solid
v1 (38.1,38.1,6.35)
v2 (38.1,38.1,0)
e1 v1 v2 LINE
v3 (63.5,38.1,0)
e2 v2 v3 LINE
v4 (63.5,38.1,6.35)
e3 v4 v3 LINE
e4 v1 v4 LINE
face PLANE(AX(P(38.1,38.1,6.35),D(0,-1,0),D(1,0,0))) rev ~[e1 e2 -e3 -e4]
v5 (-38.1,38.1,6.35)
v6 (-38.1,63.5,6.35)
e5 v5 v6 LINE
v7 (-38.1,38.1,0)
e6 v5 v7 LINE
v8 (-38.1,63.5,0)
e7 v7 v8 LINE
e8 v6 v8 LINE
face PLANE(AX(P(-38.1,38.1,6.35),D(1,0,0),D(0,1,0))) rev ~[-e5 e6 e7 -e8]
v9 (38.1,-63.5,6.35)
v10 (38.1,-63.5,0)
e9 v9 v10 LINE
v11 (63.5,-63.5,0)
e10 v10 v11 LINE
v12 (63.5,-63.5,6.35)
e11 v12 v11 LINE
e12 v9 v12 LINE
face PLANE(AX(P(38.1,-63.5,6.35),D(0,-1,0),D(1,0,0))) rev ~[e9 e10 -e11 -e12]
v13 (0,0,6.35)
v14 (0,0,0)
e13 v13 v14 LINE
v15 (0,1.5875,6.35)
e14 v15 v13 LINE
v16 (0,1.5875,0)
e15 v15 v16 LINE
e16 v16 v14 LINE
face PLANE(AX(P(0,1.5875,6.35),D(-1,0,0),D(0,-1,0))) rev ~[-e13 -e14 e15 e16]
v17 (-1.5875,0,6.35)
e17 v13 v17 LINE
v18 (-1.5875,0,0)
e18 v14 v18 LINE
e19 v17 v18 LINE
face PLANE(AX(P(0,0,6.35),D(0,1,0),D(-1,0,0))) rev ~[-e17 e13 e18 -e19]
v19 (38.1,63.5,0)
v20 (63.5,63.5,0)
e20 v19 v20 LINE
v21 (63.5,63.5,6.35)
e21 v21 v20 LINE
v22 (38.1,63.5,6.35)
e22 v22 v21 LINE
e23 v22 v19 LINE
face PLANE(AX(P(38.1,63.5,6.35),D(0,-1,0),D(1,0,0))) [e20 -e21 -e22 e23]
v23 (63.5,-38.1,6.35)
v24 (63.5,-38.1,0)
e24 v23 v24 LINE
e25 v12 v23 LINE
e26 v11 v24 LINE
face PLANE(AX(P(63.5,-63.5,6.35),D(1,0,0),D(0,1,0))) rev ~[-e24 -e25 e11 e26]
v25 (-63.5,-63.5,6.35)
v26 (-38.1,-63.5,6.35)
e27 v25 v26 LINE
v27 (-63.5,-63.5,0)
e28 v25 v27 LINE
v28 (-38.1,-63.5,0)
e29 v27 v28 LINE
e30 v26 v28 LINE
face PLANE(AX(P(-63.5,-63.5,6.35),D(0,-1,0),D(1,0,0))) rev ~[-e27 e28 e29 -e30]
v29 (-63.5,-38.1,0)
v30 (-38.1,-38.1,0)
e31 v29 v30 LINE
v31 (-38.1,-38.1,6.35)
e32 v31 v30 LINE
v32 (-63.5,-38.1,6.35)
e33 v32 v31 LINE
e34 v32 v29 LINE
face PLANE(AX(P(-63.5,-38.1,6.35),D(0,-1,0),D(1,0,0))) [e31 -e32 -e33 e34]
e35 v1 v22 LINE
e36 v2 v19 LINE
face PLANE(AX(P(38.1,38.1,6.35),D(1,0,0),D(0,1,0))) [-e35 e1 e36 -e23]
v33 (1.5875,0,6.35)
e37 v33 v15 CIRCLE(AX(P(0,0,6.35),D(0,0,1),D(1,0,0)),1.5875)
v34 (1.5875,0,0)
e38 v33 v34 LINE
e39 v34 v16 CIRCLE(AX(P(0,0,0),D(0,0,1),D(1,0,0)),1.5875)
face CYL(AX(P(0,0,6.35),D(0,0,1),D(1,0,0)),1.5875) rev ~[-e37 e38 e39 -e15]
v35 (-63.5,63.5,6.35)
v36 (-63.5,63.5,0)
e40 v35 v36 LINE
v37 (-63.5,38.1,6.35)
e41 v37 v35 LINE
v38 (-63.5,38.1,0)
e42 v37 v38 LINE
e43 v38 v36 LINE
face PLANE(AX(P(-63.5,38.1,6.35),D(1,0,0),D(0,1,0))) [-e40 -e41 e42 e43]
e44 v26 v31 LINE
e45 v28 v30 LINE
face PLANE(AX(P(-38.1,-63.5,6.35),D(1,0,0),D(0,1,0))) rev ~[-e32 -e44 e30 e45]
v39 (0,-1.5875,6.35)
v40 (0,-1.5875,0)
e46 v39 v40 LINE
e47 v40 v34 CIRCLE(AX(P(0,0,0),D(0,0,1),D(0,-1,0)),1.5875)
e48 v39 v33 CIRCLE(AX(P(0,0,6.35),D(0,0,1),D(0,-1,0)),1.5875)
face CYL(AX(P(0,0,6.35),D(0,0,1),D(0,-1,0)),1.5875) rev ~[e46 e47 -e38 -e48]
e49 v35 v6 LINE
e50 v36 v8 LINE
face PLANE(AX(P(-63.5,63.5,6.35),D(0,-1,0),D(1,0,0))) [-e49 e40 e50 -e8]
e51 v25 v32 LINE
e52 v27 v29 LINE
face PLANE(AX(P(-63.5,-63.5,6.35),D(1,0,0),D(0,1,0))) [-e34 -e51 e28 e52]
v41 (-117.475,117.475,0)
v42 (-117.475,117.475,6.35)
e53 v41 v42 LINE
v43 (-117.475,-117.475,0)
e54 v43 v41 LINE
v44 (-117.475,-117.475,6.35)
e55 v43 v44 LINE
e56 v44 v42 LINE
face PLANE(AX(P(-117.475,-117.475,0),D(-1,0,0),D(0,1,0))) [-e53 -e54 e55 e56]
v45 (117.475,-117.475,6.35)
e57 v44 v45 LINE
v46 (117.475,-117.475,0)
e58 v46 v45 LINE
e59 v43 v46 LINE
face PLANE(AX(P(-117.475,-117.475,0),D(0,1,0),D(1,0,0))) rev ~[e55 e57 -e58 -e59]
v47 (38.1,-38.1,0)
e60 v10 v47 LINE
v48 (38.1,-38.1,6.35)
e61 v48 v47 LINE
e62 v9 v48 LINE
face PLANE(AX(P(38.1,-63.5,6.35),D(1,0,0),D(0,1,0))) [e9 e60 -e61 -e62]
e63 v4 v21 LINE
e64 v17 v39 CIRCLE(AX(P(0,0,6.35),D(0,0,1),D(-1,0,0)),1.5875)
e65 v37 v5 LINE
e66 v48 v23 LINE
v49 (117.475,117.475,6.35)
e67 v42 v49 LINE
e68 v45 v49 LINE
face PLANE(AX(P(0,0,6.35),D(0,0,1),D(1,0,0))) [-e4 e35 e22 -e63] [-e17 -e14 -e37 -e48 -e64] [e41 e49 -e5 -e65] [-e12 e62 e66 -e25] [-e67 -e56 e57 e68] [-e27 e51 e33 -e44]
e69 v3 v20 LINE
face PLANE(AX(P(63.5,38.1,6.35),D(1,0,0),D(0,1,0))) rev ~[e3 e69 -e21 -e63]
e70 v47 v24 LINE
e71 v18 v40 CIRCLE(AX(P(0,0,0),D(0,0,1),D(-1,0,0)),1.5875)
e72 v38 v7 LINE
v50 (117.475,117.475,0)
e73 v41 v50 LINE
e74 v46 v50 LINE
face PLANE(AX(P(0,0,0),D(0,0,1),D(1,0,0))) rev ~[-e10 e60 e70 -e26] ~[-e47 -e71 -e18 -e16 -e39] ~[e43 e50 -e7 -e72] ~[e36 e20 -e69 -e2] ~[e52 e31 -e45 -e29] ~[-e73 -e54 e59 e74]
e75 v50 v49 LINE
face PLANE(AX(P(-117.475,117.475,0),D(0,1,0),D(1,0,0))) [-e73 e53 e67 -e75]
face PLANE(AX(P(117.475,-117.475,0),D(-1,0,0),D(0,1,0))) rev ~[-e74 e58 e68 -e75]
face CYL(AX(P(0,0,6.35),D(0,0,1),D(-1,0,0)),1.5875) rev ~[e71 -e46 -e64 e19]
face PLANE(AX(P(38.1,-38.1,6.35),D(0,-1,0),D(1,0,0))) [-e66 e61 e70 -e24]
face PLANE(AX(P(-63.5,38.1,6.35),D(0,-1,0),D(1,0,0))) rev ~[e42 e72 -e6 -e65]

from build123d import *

# Parameters (mm, degrees)
F0_W     = 234.95
F0_H     = 234.95
F1_DEPTH = 6.35
F2_W     = 25.4
F2_H     = 25.4
F3_DEPTH = 25.4


with BuildPart() as f1:
    # F0 (on Top) → F1 (new body)
    with BuildSketch(Plane.XY):
        Rectangle(F0_W, F0_H)
    extrude(amount=F1_DEPTH)

    # F2 (on face) → F3 (cut)
    with BuildSketch(Plane.XY.offset(6.35)):
        with Locations((-50.8, 50.8)):
            Rectangle(F2_W, F2_H)
        with Locations((50.8, 50.8)):
            Rectangle(F2_W, F2_H)
        with Locations((50.8, -50.8)):
            Rectangle(F2_W, F2_H)
        with Locations((-50.8, -50.8)):
            Rectangle(F2_W, F2_H)
        with BuildLine():
            ThreePointArc((1.5875, 0), (1.1225320151, 1.1225320151), (0, 1.5875))
            Line((0, 1.5875), (0, 0))
            Line((0, 0), (1.5875, 0))
        make_face()
        with BuildLine():
            Line((0, -1.5875), (0, 0))
            Line((0, 0), (-1.5875, 0))
            ThreePointArc((-1.5875, 0), (-1.1225320151, -1.1225320151), (0, -1.5875))
        make_face()
        with BuildLine():
            ThreePointArc((0, -1.5875), (1.1225320151, -1.1225320151), (1.5875, 0))
            Line((1.5875, 0), (0, 0))
            Line((0, 0), (0, -1.5875))
        make_face()
    extrude(amount=-F3_DEPTH, mode=Mode.SUBTRACT)


solid = f1.part
